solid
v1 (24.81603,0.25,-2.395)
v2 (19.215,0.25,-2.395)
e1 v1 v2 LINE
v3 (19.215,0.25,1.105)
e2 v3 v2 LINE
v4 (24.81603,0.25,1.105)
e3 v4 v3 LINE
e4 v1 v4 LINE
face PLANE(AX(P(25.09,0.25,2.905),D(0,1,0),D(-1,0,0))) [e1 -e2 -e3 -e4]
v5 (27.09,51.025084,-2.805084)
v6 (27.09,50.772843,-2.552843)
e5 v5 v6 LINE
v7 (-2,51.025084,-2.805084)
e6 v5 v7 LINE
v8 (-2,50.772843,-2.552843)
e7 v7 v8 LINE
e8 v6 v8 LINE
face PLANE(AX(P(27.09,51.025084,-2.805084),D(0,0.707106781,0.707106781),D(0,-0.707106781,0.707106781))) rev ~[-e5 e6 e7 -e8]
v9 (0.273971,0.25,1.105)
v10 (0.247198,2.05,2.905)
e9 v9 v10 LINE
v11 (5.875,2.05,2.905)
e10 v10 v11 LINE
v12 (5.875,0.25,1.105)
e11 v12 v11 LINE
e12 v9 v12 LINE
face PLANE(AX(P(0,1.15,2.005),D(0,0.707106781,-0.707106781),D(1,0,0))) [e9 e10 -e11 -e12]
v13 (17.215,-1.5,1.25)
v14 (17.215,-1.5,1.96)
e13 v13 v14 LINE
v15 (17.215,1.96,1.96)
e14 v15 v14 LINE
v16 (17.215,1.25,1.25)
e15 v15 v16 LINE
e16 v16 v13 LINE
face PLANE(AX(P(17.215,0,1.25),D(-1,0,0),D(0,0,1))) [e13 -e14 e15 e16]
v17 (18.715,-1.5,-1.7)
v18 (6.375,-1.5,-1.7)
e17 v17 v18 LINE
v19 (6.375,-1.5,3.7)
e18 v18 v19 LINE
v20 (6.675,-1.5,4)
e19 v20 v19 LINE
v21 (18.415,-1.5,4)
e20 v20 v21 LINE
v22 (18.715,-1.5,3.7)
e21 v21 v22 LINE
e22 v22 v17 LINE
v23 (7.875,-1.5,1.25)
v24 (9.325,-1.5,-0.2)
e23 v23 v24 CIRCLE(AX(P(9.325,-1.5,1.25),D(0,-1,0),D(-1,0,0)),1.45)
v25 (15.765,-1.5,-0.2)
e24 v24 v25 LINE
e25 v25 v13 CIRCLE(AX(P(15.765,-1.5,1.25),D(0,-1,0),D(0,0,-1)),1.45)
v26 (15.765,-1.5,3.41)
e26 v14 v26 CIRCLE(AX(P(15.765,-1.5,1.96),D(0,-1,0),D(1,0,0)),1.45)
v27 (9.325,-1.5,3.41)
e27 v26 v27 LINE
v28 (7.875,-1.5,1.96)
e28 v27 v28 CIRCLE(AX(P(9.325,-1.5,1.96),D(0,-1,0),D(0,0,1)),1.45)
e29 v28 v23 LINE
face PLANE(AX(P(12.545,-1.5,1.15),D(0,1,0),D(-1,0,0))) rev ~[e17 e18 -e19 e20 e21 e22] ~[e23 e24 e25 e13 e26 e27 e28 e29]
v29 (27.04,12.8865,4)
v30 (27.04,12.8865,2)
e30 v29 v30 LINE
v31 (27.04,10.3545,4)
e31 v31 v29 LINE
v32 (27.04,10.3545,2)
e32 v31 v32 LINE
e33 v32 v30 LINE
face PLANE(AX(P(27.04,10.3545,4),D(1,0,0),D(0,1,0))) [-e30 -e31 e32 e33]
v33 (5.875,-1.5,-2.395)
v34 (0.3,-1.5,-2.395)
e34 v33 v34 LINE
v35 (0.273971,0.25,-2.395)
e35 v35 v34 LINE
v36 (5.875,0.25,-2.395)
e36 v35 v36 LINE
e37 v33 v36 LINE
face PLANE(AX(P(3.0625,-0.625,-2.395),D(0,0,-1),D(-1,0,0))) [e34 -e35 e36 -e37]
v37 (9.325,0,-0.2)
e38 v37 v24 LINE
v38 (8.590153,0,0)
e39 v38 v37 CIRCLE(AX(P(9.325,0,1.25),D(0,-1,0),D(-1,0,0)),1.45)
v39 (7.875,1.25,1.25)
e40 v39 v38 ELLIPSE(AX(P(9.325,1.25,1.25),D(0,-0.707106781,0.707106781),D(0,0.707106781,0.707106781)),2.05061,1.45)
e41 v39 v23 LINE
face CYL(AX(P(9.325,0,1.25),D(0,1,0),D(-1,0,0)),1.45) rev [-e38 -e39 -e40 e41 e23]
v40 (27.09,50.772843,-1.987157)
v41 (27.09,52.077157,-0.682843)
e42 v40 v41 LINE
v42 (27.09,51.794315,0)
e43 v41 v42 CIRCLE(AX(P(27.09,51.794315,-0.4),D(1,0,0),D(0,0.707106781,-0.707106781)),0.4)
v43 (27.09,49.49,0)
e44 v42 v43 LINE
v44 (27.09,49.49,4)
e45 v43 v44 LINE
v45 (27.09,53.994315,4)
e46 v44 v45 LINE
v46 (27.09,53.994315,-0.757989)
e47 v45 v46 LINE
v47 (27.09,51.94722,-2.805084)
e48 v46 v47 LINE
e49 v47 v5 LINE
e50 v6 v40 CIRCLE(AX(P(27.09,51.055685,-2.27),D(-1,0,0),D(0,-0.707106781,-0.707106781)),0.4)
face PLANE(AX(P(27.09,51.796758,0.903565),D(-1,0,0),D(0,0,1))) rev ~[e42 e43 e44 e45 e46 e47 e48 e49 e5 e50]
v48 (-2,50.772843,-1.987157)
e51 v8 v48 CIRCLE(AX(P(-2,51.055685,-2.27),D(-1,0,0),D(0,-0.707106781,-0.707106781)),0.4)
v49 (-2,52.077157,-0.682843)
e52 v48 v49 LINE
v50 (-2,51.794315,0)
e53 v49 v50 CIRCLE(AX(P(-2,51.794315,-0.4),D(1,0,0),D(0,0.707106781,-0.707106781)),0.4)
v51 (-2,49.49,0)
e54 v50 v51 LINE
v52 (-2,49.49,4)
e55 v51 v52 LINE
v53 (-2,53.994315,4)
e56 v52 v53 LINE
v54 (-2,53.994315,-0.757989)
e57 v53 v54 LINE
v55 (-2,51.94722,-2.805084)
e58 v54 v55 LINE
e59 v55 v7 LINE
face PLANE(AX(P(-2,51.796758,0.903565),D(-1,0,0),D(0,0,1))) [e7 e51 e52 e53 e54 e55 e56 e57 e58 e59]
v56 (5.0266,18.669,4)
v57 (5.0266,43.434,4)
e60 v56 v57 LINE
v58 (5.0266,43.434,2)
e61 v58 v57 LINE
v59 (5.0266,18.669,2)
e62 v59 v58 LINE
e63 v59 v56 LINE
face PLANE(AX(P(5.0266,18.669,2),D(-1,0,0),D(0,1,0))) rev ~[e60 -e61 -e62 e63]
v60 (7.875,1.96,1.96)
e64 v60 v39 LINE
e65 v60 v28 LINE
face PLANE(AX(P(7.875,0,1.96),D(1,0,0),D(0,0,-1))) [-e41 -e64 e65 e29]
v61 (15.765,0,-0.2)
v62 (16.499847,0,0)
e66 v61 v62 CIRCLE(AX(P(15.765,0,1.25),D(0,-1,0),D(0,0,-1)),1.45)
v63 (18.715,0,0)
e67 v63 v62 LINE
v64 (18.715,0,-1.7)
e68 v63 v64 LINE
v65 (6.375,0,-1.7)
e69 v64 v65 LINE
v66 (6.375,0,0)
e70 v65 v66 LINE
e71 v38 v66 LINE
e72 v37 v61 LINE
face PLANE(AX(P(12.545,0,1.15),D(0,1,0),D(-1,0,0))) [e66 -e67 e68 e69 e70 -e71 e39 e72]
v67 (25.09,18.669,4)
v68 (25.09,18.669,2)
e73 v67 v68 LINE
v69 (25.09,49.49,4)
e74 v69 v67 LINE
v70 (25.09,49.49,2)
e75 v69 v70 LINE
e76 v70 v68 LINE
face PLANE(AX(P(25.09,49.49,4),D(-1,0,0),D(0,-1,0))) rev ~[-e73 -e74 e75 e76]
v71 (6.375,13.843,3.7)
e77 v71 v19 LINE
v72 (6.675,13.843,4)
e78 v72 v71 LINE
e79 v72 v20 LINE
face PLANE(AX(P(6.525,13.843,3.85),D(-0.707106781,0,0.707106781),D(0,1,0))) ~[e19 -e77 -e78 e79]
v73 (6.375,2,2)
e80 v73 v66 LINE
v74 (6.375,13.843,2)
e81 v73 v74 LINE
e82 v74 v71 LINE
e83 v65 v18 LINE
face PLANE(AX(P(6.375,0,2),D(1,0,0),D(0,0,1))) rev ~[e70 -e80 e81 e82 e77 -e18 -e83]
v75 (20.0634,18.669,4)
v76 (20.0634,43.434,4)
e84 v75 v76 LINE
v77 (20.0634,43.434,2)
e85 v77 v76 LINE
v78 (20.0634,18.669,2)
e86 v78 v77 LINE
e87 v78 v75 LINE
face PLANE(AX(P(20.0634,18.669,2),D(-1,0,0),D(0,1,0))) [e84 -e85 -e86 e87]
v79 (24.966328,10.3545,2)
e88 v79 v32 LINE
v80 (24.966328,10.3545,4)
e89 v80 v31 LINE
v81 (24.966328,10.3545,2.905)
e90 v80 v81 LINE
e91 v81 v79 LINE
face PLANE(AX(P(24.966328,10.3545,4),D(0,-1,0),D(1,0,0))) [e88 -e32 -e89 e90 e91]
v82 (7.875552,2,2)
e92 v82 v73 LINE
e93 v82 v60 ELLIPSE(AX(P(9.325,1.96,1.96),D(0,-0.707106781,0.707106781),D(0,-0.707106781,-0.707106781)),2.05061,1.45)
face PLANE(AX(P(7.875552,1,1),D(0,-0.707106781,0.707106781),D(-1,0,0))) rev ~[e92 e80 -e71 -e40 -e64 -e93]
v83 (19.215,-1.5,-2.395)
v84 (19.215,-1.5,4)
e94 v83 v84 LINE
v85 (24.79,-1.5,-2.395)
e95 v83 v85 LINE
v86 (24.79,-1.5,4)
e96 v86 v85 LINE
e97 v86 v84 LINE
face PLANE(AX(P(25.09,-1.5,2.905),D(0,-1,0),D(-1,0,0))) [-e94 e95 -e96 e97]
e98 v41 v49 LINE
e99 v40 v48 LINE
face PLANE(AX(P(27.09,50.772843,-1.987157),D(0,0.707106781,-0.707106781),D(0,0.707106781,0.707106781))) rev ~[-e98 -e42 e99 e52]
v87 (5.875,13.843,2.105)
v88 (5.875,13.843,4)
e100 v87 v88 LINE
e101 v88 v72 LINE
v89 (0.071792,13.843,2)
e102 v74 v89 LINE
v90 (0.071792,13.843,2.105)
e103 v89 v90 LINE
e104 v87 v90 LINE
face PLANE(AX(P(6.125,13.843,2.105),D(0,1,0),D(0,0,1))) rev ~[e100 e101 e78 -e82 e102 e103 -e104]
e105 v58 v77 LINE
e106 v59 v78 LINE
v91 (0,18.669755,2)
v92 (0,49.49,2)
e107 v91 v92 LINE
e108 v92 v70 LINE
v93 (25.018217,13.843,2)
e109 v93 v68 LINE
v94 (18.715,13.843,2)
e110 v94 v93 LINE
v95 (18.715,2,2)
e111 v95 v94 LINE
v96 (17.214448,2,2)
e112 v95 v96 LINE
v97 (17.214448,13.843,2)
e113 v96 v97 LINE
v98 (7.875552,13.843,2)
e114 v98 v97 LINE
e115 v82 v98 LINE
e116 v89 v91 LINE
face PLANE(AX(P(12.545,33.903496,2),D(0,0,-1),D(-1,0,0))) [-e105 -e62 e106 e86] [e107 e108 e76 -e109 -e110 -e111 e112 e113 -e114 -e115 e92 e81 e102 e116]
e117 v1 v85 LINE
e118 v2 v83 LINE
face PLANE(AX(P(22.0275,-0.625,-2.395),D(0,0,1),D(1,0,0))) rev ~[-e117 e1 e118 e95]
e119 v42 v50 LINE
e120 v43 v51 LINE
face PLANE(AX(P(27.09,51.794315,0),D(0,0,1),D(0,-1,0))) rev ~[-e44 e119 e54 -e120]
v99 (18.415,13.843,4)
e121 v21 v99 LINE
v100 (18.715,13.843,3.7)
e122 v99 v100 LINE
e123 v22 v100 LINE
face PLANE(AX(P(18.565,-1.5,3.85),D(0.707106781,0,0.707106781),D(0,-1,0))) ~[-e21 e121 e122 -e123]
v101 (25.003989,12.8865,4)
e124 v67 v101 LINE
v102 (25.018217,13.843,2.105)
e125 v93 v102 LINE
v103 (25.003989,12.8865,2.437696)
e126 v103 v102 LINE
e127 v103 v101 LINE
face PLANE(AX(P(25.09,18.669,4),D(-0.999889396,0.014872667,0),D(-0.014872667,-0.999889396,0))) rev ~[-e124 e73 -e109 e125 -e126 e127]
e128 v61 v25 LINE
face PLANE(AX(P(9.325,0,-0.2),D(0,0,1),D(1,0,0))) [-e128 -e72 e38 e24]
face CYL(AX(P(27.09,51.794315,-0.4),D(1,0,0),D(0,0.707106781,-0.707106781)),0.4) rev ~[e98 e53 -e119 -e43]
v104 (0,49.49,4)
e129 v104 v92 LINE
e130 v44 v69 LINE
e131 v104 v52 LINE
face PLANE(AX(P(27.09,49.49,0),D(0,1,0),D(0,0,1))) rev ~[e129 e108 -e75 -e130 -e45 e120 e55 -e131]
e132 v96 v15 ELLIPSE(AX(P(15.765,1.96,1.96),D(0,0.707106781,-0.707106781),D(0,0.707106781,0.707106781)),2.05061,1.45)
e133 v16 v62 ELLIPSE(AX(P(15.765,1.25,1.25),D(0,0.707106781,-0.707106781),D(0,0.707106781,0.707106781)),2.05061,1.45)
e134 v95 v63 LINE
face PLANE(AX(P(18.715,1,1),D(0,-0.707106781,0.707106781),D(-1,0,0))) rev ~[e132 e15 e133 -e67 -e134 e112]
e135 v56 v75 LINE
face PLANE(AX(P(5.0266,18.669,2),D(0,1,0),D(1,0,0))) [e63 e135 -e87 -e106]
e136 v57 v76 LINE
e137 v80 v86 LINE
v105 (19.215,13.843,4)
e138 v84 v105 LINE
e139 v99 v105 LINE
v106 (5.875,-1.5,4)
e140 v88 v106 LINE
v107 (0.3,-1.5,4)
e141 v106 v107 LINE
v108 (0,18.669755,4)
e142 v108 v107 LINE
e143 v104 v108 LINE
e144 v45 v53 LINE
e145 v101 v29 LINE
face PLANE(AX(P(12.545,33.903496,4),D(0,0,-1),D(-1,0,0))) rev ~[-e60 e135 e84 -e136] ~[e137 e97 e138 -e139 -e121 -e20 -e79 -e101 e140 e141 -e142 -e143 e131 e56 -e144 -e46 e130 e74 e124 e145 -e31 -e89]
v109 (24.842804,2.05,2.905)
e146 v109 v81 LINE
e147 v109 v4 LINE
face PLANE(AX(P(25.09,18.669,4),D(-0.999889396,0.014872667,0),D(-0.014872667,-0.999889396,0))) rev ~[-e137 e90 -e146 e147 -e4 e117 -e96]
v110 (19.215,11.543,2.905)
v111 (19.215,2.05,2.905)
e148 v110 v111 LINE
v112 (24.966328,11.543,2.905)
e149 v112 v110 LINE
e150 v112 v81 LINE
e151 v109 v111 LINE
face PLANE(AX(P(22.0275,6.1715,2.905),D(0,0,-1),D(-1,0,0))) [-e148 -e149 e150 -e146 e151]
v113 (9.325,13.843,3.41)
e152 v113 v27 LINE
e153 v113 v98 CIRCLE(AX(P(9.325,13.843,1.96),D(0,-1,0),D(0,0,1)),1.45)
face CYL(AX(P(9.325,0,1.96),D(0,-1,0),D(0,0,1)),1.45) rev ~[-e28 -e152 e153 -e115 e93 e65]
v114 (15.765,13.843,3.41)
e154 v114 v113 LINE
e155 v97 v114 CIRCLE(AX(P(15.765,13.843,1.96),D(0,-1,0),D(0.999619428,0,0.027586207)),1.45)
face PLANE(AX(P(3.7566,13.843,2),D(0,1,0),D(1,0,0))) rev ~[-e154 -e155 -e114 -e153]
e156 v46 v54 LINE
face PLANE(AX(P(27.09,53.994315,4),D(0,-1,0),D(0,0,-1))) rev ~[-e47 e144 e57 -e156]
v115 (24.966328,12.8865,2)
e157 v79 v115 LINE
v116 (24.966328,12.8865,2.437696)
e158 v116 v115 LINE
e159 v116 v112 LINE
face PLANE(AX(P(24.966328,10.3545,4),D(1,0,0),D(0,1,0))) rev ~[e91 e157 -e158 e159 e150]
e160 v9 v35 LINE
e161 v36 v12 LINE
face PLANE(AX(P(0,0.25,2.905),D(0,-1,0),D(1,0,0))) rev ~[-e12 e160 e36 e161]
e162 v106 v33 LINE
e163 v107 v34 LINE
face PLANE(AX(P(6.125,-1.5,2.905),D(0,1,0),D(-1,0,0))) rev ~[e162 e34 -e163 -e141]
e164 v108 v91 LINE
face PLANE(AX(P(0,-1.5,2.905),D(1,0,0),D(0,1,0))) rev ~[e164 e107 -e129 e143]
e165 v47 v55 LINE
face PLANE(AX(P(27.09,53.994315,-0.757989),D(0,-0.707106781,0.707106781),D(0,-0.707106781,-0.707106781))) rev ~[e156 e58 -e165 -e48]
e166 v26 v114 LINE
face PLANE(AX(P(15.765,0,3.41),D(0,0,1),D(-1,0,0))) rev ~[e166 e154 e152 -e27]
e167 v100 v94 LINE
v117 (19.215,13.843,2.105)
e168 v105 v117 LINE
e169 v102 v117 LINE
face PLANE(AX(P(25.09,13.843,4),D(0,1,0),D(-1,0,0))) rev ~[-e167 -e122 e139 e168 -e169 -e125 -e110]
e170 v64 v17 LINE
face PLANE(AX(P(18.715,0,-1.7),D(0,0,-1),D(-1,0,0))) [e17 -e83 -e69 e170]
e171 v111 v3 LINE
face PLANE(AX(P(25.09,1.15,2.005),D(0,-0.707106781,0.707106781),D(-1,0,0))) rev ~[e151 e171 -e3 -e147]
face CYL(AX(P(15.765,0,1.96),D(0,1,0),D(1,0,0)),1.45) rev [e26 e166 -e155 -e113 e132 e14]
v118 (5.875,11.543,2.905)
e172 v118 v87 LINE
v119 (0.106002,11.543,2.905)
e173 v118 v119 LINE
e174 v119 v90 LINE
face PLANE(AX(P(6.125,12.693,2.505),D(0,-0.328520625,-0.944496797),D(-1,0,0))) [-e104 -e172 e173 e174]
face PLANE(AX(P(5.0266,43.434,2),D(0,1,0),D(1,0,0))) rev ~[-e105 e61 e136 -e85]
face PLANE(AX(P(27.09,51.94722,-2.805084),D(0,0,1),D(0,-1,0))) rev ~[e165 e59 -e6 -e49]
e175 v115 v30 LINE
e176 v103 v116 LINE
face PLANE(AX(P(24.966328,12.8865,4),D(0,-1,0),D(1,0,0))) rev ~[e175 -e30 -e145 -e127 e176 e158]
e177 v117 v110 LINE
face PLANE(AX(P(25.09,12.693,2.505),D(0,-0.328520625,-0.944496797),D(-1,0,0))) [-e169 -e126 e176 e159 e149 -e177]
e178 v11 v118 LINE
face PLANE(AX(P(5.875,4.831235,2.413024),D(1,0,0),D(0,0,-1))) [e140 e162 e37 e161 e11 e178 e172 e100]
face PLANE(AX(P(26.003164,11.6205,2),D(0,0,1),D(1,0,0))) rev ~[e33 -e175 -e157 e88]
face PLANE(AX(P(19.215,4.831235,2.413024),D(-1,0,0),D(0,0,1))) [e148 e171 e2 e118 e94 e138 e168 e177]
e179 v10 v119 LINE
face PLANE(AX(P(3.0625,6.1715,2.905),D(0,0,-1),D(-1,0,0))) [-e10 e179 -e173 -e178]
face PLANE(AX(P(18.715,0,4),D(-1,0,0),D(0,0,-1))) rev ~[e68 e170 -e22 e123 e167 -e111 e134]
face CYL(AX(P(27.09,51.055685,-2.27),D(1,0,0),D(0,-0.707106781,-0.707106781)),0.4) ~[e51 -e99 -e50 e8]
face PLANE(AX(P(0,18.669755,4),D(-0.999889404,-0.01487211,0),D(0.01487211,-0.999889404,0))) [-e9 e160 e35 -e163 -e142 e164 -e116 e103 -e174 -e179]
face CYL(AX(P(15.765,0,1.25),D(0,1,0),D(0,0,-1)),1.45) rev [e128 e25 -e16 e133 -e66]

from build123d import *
from OCP.BRepFilletAPI import BRepFilletAPI_MakeChamfer

# Parameters (mm, degrees)
BOSS_EXTRUDE1_START  = 2
SKETCH1_W            = 17.5768
SKETCH1_H            = 31.241999999999997
SKETCH1_W_2          = 15.036799999999998
SKETCH1_H_2          = 24.764999999999997
BOSS_EXTRUDE1_DEPTH  = 2
BOSS_EXTRUDE2_START  = 2
BOSS_EXTRUDE2_DEPTH  = 29.09
BOSS_EXTRUDE3_DEPTH  = 1.5
BOSS_EXTRUDE4_DEPTH  = 13.843
BOSS_EXTRUDE5_DEPTH  = 1.095
BOSS_EXTRUDE6_DEPTH  = 1.095
BOSS_EXTRUDE7_DEPTH  = 2
CHAMFER1_SIZE        = 2.3
CHAMFER1_SIZE2       = 0.8
BOSS_EXTRUDE9_DEPTH  = 5.299999999999998
CHAMFER2_SIZE        = 1.8
CUT_EXTRUDE1_DEPTH   = 0.25
CUT_EXTRUDE2_DEPTH   = 0.25
CUT_EXTRUDE3_REACH   = 62.791
SKETCH15_W           = 2.073672467648368
SKETCH15_H           = 2.532
BOSS_EXTRUDE10_DEPTH = 2
CHAMFER3_SIZE        = 0.3
CHAMFER4_SIZE        = 2


with BuildPart() as part:
    # Sketch1 → Boss-Extrude1 (new body)
    with BuildSketch(Plane.XY.offset(BOSS_EXTRUDE1_START)):
        with Locations((12.544999999999998, 29.464000000000002)):
            Rectangle(SKETCH1_W, SKETCH1_H)
        with Locations((12.544999999999998, 31.051499999999997)):
            Rectangle(SKETCH1_W_2, SKETCH1_H_2, mode=Mode.SUBTRACT)
    extrude(amount=BOSS_EXTRUDE1_DEPTH)



with BuildPart() as body_2:
    # Sketch2 → Boss-Extrude2 (new body)
    with BuildSketch(Plane(origin=(25.09, 5.28e-15, 0), x_dir=(0, 0, -1), z_dir=(1, 2.1e-16, 0)).offset(BOSS_EXTRUDE2_START)):
        with BuildLine():
            Line((0, 51.489999999999995), (2.4e-16, 49.489999999999995))
            Line((2.4e-16, 49.489999999999995), (-4, 49.489999999999995))
            Line((-4, 49.489999999999995), (-4.000000000000001, 53.99431457505075))
            Line((-4.000000000000001, 53.99431457505075), (0.7579894972000346, 53.99431457505075))
            Line((0.7579894972000346, 53.99431457505075), (2.805084072136604, 51.947220000114164))
            Line((2.805084072136604, 51.947220000114164), (2.805084072136603, 51.02508407213661))
            Line((2.805084072136603, 51.02508407213661), (2.552842712474611, 50.77284271247461))
            ThreePointArc((2.552842712474611, 50.77284271247461), (2.2699999999999894, 50.65568542494923), (1.9871572875253678, 50.77284271247461))
            Line((1.9871572875253678, 50.77284271247461), (1.27, 51.489999999999995))
            Line((1.27, 51.489999999999995), (0.6828427124746198, 52.07715728752538))
            ThreePointArc((0.6828427124746198, 52.07715728752538), (0.24692662705396132, 52.163866388055276), (0, 51.794314575050755))
            Line((0, 51.794314575050755), (0, 51.489999999999995))
        make_face()
    extrude(amount=-BOSS_EXTRUDE2_DEPTH)


with BuildPart() as body_3:
    # Sketch4 → Boss-Extrude3 (new body)
    with BuildSketch(Plane.XZ):
        Polygon((6.374999999999999, 4), (18.715, 4), (18.715, -1.7), (6.374999999999999, -1.699999999999999), align=None)
        with BuildLine():
            Line((17.215, 1.2499999999999993), (17.214999999999996, 1.96))
            ThreePointArc((17.214999999999996, 1.96), (16.79030483272049, 2.985304832720491), (15.765, 3.409999999999999))
            Line((15.765, 3.409999999999999), (9.325, 3.41))
            ThreePointArc((9.325, 3.41), (8.299695167279506, 2.985304832720494), (7.875, 1.96))
            Line((7.875, 1.96), (7.874999999999998, 1.2499999999999998))
            ThreePointArc((7.874999999999998, 1.2499999999999998), (8.299695167279504, 0.22469516727950523), (9.325, -0.20000000000000095))
            Line((9.325, -0.20000000000000095), (15.765, -0.19999999999999923))
            ThreePointArc((15.765, -0.19999999999999923), (16.790304832720494, 0.22469516727950656), (17.215, 1.2499999999999993))
        make_face(mode=Mode.SUBTRACT)
    extrude(amount=BOSS_EXTRUDE3_DEPTH)


with BuildPart() as part_1:
    add(part.part)

    add(body_3.part)  # Boss-Extrude4 merges body 3
    # Sketch5 → Boss-Extrude4 (add)
    with BuildSketch(Plane(origin=(0, 0, 0), x_dir=(1, 1.4e-16, 0), z_dir=(-1.4e-16, 1, 0))):
        with BuildLine():
            ThreePointArc((9.325, -3.41), (8.31393620379325, -2.9993507588874895), (7.875551829143242, -2))
            Line((7.875551829143242, -2), (6.374999999999999, -2))
            Line((6.374999999999999, -2), (6.374999999999999, -4))
            Line((6.375, -4), (18.715, -4))
            Line((18.715, -4), (18.715, -2))
            Line((18.715, -2), (17.214448170856755, -2))
            ThreePointArc((17.214448170856755, -2), (16.77606379620675, -2.9993507588874895), (15.765, -3.4099999999999993))
            Line((15.765, -3.409999999999999), (9.325, -3.4099999999999997))
        make_face()
    extrude(amount=BOSS_EXTRUDE4_DEPTH)

    # Sketch6 → Boss-Extrude5 (add)
    with BuildSketch(Plane.XY.offset(2.905)):
        Polygon((6.1249999999999964, 13.843), (6.124999999999998, -1.4999999999999991), (1.821e-14, -1.5), (1.431e-14, 13.843), align=None)
    extrude(amount=BOSS_EXTRUDE5_DEPTH)

    # Sketch9 → Boss-Extrude6 (add)
    with BuildSketch(Plane.XY.offset(2.905)):
        Polygon((18.965, 13.843), (25.09, 13.843), (25.09, -1.4999999999999973), (18.965000000000003, -1.4999999999999973), align=None)
    extrude(amount=BOSS_EXTRUDE6_DEPTH)


    add(body_2.part)  # Boss-Extrude7 merges body 2
    # Sketch10 → Boss-Extrude7 (add)
    with BuildSketch(Plane.XY.offset(4)):
        Polygon((25.09, 49.489999999999995), (25.09, 13.843), (21.333399999999997, 13.843), (21.333399999999997, 45.085), (3.7566, 45.085), (3.7566, 13.843), (1.431e-14, 13.843), (-8.67e-15, 49.489999999999995), align=None)
    extrude(amount=-BOSS_EXTRUDE7_DEPTH)

    # Chamfer1: one chamfer whose edges measure the first distance from different faces: ONE call of the kernel's chamfer builder (chamfer() names one face for all edges)
    chamfer1_edges_1 = [part_1.edges().sort_by_distance(p)[0] for p in [
        (22.0275, 13.843, 2.905),
    ]]
    chamfer1_side_1 = [part_1.faces().sort_by_distance(p)[0] for p in [
        (22.0275, 6.171500000000002, 2.905),
    ]]
    chamfer1_edges_2 = [part_1.edges().sort_by_distance(p)[0] for p in [
        (3.0625000000000053, 13.843, 2.905),
    ]]
    chamfer1_side_2 = [part_1.faces().sort_by_distance(p)[0] for p in [
        (3.0625000000000067, 6.1715, 2.9050000000000002),
    ]]
    chamfer1 = BRepFilletAPI_MakeChamfer(part_1.part.solid().wrapped)
    for e in chamfer1_edges_1:
        chamfer1.Add(CHAMFER1_SIZE, CHAMFER1_SIZE2, e.wrapped, chamfer1_side_1[0].wrapped)  # the first distance lies on this face
    for e in chamfer1_edges_2:
        chamfer1.Add(CHAMFER1_SIZE, CHAMFER1_SIZE2, e.wrapped, chamfer1_side_2[0].wrapped)  # the first distance lies on this face
    add(Compound.cast(chamfer1.Shape()), mode=Mode.REPLACE)

    # Sketch11 → Boss-Extrude9 (add)
    with BuildSketch(Plane(origin=(0, 0, 2.905), x_dir=(-1, 0, 0), z_dir=(0, 0, -1))):
        Polygon((-6.124999999999998, -1.4999999999999991), (-1.779e-14, -1.4999999999999991), (-1.49e-14, 0.2500000000000002), (-6.124999999999998, 0.2500000000000009), align=None)
        Polygon((-18.965000000000003, -1.4999999999999973), (-25.09, -1.4999999999999973), (-25.09, 0.25000000000000194), (-18.965000000000003, 0.25000000000000266), align=None)
    extrude(amount=BOSS_EXTRUDE9_DEPTH)

    # Chamfer2
    chamfer2_edges = [part_1.edges().sort_by_distance(p)[0] for p in [
        (3.0625000000000067, 0.25000000000000056, 2.905),
        (22.027500000000003, 0.2500000000000023, 2.905),
    ]]
    chamfer(chamfer2_edges, length=CHAMFER2_SIZE)

    # Sketch12 → Cut-Extrude1 (cut)
    with BuildSketch(Plane(origin=(6.124999999999998, 6.9e-16, 0), x_dir=(0, 0, -1), z_dir=(1, 1.1e-16, 0))):
        Polygon((-4, 13.843), (-4, -1.4999999999999998), (2.3949999999999987, -1.4999999999999998), (2.3949999999999987, 0.25000000000000017), (-1.1049999999999898, 0.25000000000000017), (-2.905, 2.0499999999999883), (-2.905, 11.543000000000012), (-2.104999999999996, 13.843), align=None)
    extrude(amount=-CUT_EXTRUDE1_DEPTH, mode=Mode.SUBTRACT)

    # Sketch13 → Cut-Extrude2 (cut)
    with BuildSketch(Plane.ZY.offset(-18.965000000000003)):
        Polygon((4, -1.5000000000000018), (4, 13.842999999999996), (2.104999999999996, 13.842999999999996), (2.905, 11.543000000000008), (2.905, 2.04999999999999), (1.1049999999999898, 0.2499999999999984), (-2.3949999999999987, 0.2499999999999984), (-2.3949999999999987, -1.5000000000000018), align=None)
    extrude(amount=-CUT_EXTRUDE2_DEPTH, mode=Mode.SUBTRACT)

    # Cut-Extrude3: up to this face of the body (flat: up to its plane)
    cut_extrude3_end = Plane(part_1.part.faces().sort_by_distance((2.9375, -0.625, -2.395))[0])
    # Sketch14 → Cut-Extrude3 (cut, up to the picked face)
    with BuildSketch(Plane.XY.offset(3.9999999999999907), mode=Mode.PRIVATE) as cut_extrude3_sk1:
        Polygon((25.09, 18.669), (24.79, -1.4999999999999967), (25.09, -1.4999999999999967), align=None)
    cut_extrude3_tool1 = split(extrude(cut_extrude3_sk1.sketch, amount=-CUT_EXTRUDE3_REACH, mode=Mode.PRIVATE), bisect_by=cut_extrude3_end, keep=Keep.BOTH, mode=Mode.PRIVATE)
    # Sketch14 → Cut-Extrude3 (cut, up to the picked face)
    with BuildSketch(Plane.XY.offset(3.9999999999999907), mode=Mode.PRIVATE) as cut_extrude3_sk2:
        Polygon((-1.119e-14, 18.669755162923135), (0.3000000000000182, -1.4999999999999993), (1.821e-14, -1.4999999999999991), align=None)
    cut_extrude3_tool2 = split(extrude(cut_extrude3_sk2.sketch, amount=-CUT_EXTRUDE3_REACH, mode=Mode.PRIVATE), bisect_by=cut_extrude3_end, keep=Keep.BOTH, mode=Mode.PRIVATE)
    add(cut_extrude3_tool1.solids().sort_by(Axis((24.99, 5.223, 4), (0, 0, -1)))[0], mode=Mode.SUBTRACT)
    add(cut_extrude3_tool2.solids().sort_by(Axis((0.1, 5.223252, 4), (0, 0, -1)))[0], mode=Mode.SUBTRACT)

    # Sketch15 → Boss-Extrude10 (add)
    with BuildSketch(Plane.XY.offset(3.9999999999999907)):
        with Locations((26.00316376617581, 11.620500000000002)):
            Rectangle(SKETCH15_W, SKETCH15_H)
    extrude(amount=-BOSS_EXTRUDE10_DEPTH)

    # Chamfer3
    chamfer3_edges = [part_1.edges().sort_by_distance(p)[0] for p in [
        (6.374999999999998, 6.171500000000002, 4),
        (18.714999999999996, 6.171500000000003, 4),
    ]]
    chamfer(chamfer3_edges, length=CHAMFER3_SIZE)

    # Chamfer4
    chamfer4_edges = [part_1.edges().sort_by_distance(p)[0] for p in [
        (7.1252759145716205, 1e-15, 2),
        (17.96472408542838, 2.53e-15, 2),
    ]]
    chamfer(chamfer4_edges, length=CHAMFER4_SIZE)


solid = part_1.part
